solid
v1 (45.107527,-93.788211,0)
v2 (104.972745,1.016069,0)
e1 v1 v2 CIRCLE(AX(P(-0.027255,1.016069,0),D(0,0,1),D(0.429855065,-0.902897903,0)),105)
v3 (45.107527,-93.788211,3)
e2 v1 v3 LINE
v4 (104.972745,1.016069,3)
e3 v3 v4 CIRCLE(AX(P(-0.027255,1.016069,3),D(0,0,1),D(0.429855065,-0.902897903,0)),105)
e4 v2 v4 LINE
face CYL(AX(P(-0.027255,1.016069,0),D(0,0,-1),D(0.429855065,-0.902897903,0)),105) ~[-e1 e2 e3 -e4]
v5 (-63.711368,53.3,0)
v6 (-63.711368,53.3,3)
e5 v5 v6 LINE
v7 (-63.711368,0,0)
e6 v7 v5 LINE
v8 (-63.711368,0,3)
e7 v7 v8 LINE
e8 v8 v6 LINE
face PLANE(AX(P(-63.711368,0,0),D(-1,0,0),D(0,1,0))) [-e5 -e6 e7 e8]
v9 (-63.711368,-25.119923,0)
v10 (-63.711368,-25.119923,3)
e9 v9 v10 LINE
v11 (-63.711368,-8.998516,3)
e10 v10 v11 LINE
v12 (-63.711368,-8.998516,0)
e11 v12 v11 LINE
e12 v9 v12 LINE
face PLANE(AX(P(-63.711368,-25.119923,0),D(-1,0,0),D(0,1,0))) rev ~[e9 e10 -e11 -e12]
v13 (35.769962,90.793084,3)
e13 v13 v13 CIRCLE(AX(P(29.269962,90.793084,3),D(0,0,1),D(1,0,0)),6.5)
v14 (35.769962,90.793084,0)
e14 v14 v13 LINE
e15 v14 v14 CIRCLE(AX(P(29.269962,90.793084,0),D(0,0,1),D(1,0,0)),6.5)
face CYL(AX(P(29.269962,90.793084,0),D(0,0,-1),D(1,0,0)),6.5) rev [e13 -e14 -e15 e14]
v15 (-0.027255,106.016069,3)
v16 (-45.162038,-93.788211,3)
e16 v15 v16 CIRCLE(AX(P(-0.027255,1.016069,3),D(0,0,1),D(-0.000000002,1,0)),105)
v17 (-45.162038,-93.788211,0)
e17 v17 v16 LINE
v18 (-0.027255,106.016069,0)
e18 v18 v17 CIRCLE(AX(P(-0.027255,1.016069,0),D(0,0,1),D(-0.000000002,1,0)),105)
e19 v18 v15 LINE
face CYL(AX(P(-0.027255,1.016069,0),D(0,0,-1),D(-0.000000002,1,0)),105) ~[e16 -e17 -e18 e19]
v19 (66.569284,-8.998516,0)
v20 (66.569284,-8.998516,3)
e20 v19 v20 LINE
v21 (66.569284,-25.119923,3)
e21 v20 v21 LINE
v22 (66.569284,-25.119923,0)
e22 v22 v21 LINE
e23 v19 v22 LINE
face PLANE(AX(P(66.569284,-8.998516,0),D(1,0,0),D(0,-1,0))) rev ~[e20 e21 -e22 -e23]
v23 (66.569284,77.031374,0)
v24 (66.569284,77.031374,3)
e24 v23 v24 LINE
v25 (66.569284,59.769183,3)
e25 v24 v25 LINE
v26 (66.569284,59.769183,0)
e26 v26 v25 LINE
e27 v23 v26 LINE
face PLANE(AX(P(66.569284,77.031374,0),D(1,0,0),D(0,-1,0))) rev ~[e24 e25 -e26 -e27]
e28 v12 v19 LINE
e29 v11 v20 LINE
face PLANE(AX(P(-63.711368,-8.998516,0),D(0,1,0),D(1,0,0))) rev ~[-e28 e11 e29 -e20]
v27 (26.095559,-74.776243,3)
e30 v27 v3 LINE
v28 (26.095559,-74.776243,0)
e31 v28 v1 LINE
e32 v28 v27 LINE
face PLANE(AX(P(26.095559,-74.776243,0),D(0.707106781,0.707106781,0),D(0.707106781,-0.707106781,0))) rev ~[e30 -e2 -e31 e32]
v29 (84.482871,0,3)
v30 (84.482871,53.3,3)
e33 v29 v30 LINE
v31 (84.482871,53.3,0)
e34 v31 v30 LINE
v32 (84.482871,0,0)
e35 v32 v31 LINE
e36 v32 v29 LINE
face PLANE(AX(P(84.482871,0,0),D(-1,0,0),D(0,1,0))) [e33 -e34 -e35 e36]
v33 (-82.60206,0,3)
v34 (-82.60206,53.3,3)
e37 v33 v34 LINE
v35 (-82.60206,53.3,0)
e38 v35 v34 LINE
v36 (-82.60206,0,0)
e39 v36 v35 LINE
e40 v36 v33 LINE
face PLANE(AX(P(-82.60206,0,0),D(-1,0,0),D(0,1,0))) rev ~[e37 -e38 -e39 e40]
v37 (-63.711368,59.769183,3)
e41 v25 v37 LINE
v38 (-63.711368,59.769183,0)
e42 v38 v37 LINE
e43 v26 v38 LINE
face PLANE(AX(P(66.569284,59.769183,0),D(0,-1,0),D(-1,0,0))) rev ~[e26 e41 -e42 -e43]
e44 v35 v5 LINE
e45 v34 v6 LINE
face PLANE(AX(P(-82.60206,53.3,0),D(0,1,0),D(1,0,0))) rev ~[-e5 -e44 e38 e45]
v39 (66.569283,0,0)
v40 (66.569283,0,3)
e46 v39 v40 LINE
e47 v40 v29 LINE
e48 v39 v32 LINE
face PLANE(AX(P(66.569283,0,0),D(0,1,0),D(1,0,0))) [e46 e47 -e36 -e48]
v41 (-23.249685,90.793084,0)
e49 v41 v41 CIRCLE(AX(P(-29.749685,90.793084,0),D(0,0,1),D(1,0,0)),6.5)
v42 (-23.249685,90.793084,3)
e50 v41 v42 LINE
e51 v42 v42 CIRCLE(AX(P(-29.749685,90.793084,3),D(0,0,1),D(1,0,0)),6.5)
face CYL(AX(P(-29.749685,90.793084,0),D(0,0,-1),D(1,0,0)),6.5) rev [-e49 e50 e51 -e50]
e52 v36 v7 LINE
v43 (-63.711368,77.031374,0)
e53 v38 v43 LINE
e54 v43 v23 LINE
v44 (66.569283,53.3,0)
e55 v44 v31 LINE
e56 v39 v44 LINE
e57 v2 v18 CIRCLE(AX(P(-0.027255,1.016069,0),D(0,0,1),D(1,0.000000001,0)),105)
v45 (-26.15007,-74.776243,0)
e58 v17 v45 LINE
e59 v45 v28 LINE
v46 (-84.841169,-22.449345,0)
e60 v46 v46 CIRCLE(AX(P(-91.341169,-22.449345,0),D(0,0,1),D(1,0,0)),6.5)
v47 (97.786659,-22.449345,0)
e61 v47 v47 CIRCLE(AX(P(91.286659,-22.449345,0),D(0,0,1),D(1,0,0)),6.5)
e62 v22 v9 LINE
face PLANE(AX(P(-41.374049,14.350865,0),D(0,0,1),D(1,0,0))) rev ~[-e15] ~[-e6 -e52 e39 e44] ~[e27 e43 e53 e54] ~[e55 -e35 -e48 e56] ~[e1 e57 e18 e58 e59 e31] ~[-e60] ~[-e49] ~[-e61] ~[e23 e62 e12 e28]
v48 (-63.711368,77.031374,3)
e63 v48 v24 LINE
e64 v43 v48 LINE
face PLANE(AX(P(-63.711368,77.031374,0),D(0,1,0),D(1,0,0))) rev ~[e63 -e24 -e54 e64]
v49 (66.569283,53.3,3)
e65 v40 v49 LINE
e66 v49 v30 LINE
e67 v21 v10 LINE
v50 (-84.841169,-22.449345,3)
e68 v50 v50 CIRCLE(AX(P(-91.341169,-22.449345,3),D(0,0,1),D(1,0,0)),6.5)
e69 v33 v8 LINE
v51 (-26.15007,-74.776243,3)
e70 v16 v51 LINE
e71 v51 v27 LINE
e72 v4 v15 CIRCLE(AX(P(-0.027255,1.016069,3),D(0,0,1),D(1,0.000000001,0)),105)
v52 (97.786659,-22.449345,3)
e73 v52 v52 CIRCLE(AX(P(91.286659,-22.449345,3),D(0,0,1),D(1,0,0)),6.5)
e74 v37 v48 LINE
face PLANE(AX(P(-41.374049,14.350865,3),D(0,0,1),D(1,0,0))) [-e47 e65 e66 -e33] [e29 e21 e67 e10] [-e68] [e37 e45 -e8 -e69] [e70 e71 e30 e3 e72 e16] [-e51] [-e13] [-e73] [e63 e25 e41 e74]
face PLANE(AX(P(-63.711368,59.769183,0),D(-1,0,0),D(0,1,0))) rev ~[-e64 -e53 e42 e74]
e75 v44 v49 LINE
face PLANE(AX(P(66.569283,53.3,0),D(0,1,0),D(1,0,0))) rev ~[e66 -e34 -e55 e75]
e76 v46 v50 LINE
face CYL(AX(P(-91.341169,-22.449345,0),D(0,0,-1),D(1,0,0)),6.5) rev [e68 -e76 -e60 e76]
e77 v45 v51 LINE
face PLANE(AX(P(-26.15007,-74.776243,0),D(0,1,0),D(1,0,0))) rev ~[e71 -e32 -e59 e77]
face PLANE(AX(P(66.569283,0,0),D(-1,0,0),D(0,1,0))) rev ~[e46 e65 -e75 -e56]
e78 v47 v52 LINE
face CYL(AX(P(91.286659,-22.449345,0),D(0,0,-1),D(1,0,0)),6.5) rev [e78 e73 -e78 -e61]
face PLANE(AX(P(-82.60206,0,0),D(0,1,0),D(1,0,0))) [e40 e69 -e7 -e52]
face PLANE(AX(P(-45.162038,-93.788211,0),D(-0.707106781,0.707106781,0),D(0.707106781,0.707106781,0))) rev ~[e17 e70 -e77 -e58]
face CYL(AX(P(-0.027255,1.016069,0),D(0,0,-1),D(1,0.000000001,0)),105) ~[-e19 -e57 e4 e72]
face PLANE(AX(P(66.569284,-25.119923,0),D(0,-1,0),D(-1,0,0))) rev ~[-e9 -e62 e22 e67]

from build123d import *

# Parameters (mm, degrees)
F0_R     = 6.5
F0_W     = 18.890693
F0_H     = 53.3
F0_W_2   = 17.913587
F1_DEPTH = 3


with BuildPart() as f1:
    # F0 (on Top) → F1 (new body)
    with BuildSketch(Plane.XY):
        with BuildLine():
            Line((-0.027255, 77.031374), (-0.027255, 106.016069))
            ThreePointArc((-0.027255, 106.016069), (-102.446612, 24.152087), (-45.162038, -93.788211))
            Line((-45.162038, -93.788211), (-26.15007, -74.776243))
            Line((-26.15007, -74.776243), (-0.027255, -74.776243))
            Line((-0.027255, -74.776243), (-0.027255, -63.699956))
            Line((-0.027255, -63.699956), (-0.027255, -48.653428))
            Line((-0.027255, -48.653428), (-0.027255, -25.119923))
            Line((-0.027255, -25.119923), (-63.711368, -25.119923))
            Line((-63.711368, -25.119923), (-63.711368, -8.998516))
            Line((-63.711368, -8.998516), (-0.027255, -8.998516))
            Line((-0.027255, -8.998516), (-0.027255, 0))
            Line((-0.027255, 0), (-50.827254, 0))
            Line((-50.827254, 0), (-50.827254, 53.3))
            Line((-50.827254, 53.3), (-0.027255, 53.3))
            Line((-0.027255, 53.3), (-0.027255, 59.769183))
            Line((-0.027255, 59.769183), (-63.711368, 59.769183))
            Line((-63.711368, 59.769183), (-63.711368, 77.031374))
            Line((-63.711368, 77.031374), (-0.027255, 77.031374))
        make_face()
        with Locations((-91.341169, -22.449345)):
            Circle(F0_R, mode=Mode.SUBTRACT)
        with Locations((-73.156714, 26.65)):
            Rectangle(F0_W, F0_H, mode=Mode.SUBTRACT)
        with Locations((-29.749685, 90.793084)):
            Circle(F0_R, mode=Mode.SUBTRACT)
        with BuildLine():
            ThreePointArc((45.107527, -93.788211), (88.753802, -55.045718), (104.972745, 1.016069))
            ThreePointArc((104.972745, 1.016069), (74.218957, 75.262281), (-0.027255, 106.016069))
            Line((-0.027255, 106.016069), (-0.027255, 77.031374))
            Line((-0.027255, 77.031374), (66.569284, 77.031374))
            Line((66.569284, 77.031374), (66.569284, 59.769183))
            Line((66.569284, 59.769183), (-0.027255, 59.769183))
            Line((-0.027255, 59.769183), (-0.027255, 53.3))
            Line((-0.027255, 53.3), (50.772746, 53.3))
            Line((50.772746, 53.3), (50.772746, 0))
            Line((50.772746, 0), (-0.027255, 0))
            Line((-0.027255, 0), (-0.027255, -8.998516))
            Line((-0.027255, -8.998516), (66.569284, -8.998516))
            Line((66.569284, -8.998516), (66.569284, -25.119923))
            Line((66.569284, -25.119923), (-0.027255, -25.119923))
            Line((-0.027255, -25.119923), (-0.027255, -48.653428))
            Line((-0.027255, -48.653428), (-0.027255, -63.699956))
            Line((-0.027255, -63.699956), (-0.027255, -74.776243))
            Line((-0.027255, -74.776243), (26.095559, -74.776243))
            Line((26.095559, -74.776243), (45.107527, -93.788211))
        make_face()
        with Locations((91.286659, -22.449345)):
            Circle(F0_R, mode=Mode.SUBTRACT)
        with Locations((75.526077, 26.65)):
            Rectangle(F0_W_2, F0_H, mode=Mode.SUBTRACT)
        with Locations((29.269962, 90.793084)):
            Circle(F0_R, mode=Mode.SUBTRACT)
        Polygon((50.772746, 53.3), (-0.027255, 53.3), (-0.027255, 1.016069), (-0.027255, 0), (50.772746, 0), align=None)
        Polygon((-0.027255, 1.016069), (-0.027255, 53.3), (-50.827254, 53.3), (-50.827254, 0), (-0.027255, 0), align=None)
    extrude(amount=F1_DEPTH)


solid = f1.part
